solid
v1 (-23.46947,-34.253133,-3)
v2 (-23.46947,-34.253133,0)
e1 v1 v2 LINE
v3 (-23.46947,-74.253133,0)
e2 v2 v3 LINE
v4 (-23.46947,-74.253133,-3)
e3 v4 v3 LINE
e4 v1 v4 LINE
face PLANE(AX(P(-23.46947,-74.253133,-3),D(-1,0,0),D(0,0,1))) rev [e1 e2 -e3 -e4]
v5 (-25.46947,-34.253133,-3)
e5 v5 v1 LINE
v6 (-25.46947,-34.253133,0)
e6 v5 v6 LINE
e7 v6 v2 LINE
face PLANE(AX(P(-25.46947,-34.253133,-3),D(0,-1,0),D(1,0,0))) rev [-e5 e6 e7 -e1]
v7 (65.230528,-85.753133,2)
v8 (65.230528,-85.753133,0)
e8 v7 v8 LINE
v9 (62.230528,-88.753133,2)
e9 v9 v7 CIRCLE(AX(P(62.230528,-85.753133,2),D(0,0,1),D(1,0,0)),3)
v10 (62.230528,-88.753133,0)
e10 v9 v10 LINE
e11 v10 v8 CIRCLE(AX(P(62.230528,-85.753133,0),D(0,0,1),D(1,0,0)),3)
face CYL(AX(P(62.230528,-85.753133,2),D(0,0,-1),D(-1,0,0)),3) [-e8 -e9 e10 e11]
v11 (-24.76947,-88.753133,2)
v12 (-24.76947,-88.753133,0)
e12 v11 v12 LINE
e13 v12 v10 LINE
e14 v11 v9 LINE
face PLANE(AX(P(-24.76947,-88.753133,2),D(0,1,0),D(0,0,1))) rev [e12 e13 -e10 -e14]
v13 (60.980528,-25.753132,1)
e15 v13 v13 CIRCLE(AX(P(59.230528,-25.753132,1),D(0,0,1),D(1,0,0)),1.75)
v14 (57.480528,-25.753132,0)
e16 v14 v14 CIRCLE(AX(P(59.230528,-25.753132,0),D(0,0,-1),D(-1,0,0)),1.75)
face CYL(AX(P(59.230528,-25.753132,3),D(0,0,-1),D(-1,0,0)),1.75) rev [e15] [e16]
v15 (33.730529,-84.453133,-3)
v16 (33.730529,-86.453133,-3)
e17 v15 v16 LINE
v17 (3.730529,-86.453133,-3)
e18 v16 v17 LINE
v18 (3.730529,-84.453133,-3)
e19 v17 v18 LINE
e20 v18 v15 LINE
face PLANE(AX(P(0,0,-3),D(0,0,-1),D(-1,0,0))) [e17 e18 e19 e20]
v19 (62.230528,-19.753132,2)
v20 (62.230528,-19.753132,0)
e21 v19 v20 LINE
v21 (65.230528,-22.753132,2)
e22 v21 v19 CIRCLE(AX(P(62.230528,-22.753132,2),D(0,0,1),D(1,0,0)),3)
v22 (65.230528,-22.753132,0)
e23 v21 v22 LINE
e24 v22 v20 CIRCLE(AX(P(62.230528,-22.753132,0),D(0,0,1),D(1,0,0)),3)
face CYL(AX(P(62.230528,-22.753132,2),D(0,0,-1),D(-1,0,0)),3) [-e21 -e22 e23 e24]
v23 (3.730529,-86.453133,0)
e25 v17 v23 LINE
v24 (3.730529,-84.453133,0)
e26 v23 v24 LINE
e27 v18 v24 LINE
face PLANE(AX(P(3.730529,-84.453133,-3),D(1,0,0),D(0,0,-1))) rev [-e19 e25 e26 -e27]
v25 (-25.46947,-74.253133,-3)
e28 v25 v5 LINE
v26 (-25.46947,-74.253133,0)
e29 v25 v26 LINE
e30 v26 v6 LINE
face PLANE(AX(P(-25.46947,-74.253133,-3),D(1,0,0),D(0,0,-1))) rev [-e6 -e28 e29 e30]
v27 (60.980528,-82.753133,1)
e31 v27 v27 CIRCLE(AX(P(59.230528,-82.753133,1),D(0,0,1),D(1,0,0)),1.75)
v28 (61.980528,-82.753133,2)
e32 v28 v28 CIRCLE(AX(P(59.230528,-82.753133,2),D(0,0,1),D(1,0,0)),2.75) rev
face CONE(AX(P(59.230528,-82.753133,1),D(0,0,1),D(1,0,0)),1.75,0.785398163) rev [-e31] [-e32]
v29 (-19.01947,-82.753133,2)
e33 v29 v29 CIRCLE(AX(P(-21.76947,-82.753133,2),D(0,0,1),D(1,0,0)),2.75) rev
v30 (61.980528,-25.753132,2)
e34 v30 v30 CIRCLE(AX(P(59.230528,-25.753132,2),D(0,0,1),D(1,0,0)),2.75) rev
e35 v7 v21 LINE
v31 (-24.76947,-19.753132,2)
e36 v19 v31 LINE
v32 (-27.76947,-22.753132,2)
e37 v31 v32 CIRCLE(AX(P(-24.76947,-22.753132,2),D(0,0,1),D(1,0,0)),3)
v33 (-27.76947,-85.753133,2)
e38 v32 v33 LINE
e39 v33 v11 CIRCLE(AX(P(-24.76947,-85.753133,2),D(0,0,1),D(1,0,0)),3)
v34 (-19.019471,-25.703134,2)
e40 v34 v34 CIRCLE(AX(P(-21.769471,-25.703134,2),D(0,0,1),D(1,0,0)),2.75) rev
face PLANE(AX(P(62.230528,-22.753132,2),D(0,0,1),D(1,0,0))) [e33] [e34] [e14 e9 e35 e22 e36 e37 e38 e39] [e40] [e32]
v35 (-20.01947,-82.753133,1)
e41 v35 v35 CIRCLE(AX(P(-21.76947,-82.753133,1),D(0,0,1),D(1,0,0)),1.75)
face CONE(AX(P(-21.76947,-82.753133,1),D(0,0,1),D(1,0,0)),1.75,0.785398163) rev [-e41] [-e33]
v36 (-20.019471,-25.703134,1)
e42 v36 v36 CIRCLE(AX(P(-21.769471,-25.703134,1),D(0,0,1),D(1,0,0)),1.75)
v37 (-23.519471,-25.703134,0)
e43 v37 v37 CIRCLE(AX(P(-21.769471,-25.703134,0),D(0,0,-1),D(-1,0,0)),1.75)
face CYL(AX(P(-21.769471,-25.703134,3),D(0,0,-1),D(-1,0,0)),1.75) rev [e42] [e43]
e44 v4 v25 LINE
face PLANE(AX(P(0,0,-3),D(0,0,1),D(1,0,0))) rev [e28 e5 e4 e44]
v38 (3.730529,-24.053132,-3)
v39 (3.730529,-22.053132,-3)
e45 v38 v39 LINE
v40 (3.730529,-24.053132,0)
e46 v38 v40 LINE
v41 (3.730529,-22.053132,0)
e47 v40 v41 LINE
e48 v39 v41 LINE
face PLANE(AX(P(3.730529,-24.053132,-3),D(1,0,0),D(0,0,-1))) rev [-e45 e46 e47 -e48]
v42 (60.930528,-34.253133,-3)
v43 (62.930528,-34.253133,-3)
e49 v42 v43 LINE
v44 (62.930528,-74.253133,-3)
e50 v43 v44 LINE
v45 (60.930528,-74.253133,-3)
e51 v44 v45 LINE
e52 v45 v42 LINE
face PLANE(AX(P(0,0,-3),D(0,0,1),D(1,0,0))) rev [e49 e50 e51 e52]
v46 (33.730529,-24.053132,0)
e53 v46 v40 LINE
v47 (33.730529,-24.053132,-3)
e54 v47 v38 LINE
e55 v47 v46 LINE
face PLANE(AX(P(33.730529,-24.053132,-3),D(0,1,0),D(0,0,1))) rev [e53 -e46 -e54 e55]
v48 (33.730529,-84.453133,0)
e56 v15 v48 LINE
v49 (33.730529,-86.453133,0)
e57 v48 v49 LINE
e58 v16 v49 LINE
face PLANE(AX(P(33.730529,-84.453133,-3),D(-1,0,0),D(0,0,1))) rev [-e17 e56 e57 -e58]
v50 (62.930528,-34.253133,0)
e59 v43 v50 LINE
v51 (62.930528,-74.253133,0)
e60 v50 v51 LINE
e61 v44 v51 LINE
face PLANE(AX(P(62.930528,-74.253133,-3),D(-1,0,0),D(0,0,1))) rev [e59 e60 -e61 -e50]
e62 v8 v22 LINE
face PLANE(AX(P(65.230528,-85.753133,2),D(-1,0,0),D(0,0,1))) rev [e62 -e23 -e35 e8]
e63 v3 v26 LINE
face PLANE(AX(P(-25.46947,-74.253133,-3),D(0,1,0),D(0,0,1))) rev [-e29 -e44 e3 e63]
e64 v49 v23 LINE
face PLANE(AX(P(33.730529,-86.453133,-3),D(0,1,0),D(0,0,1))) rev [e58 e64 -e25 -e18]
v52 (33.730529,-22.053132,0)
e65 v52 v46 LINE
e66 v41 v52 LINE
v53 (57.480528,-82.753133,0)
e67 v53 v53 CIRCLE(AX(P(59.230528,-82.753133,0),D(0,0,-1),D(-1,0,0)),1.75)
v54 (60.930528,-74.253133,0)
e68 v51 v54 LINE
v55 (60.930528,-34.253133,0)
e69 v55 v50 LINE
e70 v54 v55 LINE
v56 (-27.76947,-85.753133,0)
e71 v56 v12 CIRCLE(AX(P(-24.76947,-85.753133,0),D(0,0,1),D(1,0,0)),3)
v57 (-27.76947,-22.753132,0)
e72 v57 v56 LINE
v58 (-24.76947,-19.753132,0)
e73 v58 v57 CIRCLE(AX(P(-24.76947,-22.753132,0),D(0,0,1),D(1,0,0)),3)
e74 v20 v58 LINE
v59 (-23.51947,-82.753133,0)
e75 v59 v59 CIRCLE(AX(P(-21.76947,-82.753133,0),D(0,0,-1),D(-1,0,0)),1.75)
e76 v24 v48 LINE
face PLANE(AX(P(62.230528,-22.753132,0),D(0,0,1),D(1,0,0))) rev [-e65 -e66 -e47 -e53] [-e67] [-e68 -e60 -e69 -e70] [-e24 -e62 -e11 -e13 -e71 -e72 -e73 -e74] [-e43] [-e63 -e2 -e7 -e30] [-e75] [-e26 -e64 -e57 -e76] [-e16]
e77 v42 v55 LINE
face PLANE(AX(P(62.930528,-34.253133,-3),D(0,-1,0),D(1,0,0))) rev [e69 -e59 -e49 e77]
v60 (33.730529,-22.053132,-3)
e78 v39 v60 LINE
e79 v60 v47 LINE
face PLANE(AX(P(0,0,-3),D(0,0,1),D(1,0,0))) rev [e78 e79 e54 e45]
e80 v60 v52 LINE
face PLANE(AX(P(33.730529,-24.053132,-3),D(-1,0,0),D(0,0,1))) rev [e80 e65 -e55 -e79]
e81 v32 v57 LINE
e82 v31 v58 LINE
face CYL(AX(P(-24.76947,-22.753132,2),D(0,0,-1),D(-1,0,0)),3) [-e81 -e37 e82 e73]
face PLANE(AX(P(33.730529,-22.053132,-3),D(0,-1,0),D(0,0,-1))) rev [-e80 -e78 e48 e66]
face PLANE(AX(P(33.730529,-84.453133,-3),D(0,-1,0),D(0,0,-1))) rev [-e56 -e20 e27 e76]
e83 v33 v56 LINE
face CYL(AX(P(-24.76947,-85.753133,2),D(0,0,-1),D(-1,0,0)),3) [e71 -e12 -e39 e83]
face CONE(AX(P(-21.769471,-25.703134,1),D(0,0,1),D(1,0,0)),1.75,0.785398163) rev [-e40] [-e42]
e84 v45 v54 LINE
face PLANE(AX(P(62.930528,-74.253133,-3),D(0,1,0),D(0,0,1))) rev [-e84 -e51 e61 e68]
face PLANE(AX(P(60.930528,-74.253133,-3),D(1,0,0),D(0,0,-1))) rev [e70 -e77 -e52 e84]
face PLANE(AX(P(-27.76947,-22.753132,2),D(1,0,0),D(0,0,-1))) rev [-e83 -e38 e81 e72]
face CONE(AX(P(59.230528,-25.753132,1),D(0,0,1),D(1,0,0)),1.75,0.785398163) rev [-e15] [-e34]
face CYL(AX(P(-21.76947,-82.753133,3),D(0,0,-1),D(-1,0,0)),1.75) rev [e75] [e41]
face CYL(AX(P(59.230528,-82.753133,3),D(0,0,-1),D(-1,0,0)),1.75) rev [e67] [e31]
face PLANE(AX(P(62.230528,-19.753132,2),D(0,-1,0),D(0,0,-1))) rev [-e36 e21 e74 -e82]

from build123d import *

# Parameters (mm, degrees)
BOSS_EXTRUDE1_DEPTH = 2
SKETCH3_W           = 2
SKETCH3_H           = 40
SKETCH3_W_2         = 30
SKETCH3_H_2         = 2
BOSS_EXTRUDE2_DEPTH = 3
SKETCH4_R           = 1.75
CUT_EXTRUDE1_DEPTH  = 3
CHAMFER1_SIZE       = 1


with BuildPart() as part:
    # Sketch1 → Boss-Extrude1 (new body)
    with BuildSketch(Plane.XY):
        with BuildLine():
            Line((65.230528188, -85.753133266), (65.230528188, -22.753132266))
            ThreePointArc((65.230528188, -22.753132266), (64.351848531, -20.631811922), (62.230528188, -19.753132266))
            Line((62.230528188, -19.753132266), (-24.769470492, -19.753132266))
            ThreePointArc((-24.769470492, -19.753132266), (-26.890790836, -20.631811922), (-27.769470492, -22.753132266))
            Line((-27.769470492, -22.753132266), (-27.769470492, -85.753133266))
            ThreePointArc((-27.769470492, -85.753133266), (-26.890790836, -87.874453609), (-24.769470492, -88.753133266))
            Line((-24.769470492, -88.753133266), (62.230528188, -88.753133266))
            ThreePointArc((62.230528188, -88.753133266), (64.351848531, -87.874453609), (65.230528188, -85.753133266))
        make_face()
    extrude(amount=BOSS_EXTRUDE1_DEPTH)

    # Sketch3 → Boss-Extrude2 (add)
    with BuildSketch(Plane(origin=(0, 0, 0), x_dir=(-1, 0, 0), z_dir=(0, 0, -1))):
        with Locations((-61.930528188, -54.253132766)):
            Rectangle(SKETCH3_W, SKETCH3_H)
        with Locations((24.469470492, -54.253132766)):
            Rectangle(SKETCH3_W, SKETCH3_H)
        with Locations((-18.730528848, -23.053132266)):
            Rectangle(SKETCH3_W_2, SKETCH3_H_2)
        with Locations((-18.730528848, -85.453133266)):
            Rectangle(SKETCH3_W_2, SKETCH3_H_2)
    extrude(amount=BOSS_EXTRUDE2_DEPTH)

    # Sketch4 → Cut-Extrude1 (cut)
    with BuildSketch(Plane(origin=(0, 0, 0), x_dir=(-1, 0, 0), z_dir=(0, 0, -1))):
        with Locations((-59.230528188, -25.753132266)):
            Circle(SKETCH4_R)
        with Locations((21.769470706, -25.703133912)):
            Circle(SKETCH4_R)
        with Locations((21.769470492, -82.753133266)):
            Circle(SKETCH4_R)
        with Locations((-59.230528188, -82.753133266)):
            Circle(SKETCH4_R)
    extrude(amount=-CUT_EXTRUDE1_DEPTH, mode=Mode.SUBTRACT)

    # Chamfer1
    chamfer1_edges = [part.edges().sort_by_distance(p)[0] for p in [
        (60.980528188, -82.753133266, 2),
        (-20.019470492, -82.753133266, 2),
        (-20.019470706, -25.703133912, 2),
        (60.980528188, -25.753132266, 2),
    ]]
    chamfer(chamfer1_edges, length=CHAMFER1_SIZE)


solid = part.part
